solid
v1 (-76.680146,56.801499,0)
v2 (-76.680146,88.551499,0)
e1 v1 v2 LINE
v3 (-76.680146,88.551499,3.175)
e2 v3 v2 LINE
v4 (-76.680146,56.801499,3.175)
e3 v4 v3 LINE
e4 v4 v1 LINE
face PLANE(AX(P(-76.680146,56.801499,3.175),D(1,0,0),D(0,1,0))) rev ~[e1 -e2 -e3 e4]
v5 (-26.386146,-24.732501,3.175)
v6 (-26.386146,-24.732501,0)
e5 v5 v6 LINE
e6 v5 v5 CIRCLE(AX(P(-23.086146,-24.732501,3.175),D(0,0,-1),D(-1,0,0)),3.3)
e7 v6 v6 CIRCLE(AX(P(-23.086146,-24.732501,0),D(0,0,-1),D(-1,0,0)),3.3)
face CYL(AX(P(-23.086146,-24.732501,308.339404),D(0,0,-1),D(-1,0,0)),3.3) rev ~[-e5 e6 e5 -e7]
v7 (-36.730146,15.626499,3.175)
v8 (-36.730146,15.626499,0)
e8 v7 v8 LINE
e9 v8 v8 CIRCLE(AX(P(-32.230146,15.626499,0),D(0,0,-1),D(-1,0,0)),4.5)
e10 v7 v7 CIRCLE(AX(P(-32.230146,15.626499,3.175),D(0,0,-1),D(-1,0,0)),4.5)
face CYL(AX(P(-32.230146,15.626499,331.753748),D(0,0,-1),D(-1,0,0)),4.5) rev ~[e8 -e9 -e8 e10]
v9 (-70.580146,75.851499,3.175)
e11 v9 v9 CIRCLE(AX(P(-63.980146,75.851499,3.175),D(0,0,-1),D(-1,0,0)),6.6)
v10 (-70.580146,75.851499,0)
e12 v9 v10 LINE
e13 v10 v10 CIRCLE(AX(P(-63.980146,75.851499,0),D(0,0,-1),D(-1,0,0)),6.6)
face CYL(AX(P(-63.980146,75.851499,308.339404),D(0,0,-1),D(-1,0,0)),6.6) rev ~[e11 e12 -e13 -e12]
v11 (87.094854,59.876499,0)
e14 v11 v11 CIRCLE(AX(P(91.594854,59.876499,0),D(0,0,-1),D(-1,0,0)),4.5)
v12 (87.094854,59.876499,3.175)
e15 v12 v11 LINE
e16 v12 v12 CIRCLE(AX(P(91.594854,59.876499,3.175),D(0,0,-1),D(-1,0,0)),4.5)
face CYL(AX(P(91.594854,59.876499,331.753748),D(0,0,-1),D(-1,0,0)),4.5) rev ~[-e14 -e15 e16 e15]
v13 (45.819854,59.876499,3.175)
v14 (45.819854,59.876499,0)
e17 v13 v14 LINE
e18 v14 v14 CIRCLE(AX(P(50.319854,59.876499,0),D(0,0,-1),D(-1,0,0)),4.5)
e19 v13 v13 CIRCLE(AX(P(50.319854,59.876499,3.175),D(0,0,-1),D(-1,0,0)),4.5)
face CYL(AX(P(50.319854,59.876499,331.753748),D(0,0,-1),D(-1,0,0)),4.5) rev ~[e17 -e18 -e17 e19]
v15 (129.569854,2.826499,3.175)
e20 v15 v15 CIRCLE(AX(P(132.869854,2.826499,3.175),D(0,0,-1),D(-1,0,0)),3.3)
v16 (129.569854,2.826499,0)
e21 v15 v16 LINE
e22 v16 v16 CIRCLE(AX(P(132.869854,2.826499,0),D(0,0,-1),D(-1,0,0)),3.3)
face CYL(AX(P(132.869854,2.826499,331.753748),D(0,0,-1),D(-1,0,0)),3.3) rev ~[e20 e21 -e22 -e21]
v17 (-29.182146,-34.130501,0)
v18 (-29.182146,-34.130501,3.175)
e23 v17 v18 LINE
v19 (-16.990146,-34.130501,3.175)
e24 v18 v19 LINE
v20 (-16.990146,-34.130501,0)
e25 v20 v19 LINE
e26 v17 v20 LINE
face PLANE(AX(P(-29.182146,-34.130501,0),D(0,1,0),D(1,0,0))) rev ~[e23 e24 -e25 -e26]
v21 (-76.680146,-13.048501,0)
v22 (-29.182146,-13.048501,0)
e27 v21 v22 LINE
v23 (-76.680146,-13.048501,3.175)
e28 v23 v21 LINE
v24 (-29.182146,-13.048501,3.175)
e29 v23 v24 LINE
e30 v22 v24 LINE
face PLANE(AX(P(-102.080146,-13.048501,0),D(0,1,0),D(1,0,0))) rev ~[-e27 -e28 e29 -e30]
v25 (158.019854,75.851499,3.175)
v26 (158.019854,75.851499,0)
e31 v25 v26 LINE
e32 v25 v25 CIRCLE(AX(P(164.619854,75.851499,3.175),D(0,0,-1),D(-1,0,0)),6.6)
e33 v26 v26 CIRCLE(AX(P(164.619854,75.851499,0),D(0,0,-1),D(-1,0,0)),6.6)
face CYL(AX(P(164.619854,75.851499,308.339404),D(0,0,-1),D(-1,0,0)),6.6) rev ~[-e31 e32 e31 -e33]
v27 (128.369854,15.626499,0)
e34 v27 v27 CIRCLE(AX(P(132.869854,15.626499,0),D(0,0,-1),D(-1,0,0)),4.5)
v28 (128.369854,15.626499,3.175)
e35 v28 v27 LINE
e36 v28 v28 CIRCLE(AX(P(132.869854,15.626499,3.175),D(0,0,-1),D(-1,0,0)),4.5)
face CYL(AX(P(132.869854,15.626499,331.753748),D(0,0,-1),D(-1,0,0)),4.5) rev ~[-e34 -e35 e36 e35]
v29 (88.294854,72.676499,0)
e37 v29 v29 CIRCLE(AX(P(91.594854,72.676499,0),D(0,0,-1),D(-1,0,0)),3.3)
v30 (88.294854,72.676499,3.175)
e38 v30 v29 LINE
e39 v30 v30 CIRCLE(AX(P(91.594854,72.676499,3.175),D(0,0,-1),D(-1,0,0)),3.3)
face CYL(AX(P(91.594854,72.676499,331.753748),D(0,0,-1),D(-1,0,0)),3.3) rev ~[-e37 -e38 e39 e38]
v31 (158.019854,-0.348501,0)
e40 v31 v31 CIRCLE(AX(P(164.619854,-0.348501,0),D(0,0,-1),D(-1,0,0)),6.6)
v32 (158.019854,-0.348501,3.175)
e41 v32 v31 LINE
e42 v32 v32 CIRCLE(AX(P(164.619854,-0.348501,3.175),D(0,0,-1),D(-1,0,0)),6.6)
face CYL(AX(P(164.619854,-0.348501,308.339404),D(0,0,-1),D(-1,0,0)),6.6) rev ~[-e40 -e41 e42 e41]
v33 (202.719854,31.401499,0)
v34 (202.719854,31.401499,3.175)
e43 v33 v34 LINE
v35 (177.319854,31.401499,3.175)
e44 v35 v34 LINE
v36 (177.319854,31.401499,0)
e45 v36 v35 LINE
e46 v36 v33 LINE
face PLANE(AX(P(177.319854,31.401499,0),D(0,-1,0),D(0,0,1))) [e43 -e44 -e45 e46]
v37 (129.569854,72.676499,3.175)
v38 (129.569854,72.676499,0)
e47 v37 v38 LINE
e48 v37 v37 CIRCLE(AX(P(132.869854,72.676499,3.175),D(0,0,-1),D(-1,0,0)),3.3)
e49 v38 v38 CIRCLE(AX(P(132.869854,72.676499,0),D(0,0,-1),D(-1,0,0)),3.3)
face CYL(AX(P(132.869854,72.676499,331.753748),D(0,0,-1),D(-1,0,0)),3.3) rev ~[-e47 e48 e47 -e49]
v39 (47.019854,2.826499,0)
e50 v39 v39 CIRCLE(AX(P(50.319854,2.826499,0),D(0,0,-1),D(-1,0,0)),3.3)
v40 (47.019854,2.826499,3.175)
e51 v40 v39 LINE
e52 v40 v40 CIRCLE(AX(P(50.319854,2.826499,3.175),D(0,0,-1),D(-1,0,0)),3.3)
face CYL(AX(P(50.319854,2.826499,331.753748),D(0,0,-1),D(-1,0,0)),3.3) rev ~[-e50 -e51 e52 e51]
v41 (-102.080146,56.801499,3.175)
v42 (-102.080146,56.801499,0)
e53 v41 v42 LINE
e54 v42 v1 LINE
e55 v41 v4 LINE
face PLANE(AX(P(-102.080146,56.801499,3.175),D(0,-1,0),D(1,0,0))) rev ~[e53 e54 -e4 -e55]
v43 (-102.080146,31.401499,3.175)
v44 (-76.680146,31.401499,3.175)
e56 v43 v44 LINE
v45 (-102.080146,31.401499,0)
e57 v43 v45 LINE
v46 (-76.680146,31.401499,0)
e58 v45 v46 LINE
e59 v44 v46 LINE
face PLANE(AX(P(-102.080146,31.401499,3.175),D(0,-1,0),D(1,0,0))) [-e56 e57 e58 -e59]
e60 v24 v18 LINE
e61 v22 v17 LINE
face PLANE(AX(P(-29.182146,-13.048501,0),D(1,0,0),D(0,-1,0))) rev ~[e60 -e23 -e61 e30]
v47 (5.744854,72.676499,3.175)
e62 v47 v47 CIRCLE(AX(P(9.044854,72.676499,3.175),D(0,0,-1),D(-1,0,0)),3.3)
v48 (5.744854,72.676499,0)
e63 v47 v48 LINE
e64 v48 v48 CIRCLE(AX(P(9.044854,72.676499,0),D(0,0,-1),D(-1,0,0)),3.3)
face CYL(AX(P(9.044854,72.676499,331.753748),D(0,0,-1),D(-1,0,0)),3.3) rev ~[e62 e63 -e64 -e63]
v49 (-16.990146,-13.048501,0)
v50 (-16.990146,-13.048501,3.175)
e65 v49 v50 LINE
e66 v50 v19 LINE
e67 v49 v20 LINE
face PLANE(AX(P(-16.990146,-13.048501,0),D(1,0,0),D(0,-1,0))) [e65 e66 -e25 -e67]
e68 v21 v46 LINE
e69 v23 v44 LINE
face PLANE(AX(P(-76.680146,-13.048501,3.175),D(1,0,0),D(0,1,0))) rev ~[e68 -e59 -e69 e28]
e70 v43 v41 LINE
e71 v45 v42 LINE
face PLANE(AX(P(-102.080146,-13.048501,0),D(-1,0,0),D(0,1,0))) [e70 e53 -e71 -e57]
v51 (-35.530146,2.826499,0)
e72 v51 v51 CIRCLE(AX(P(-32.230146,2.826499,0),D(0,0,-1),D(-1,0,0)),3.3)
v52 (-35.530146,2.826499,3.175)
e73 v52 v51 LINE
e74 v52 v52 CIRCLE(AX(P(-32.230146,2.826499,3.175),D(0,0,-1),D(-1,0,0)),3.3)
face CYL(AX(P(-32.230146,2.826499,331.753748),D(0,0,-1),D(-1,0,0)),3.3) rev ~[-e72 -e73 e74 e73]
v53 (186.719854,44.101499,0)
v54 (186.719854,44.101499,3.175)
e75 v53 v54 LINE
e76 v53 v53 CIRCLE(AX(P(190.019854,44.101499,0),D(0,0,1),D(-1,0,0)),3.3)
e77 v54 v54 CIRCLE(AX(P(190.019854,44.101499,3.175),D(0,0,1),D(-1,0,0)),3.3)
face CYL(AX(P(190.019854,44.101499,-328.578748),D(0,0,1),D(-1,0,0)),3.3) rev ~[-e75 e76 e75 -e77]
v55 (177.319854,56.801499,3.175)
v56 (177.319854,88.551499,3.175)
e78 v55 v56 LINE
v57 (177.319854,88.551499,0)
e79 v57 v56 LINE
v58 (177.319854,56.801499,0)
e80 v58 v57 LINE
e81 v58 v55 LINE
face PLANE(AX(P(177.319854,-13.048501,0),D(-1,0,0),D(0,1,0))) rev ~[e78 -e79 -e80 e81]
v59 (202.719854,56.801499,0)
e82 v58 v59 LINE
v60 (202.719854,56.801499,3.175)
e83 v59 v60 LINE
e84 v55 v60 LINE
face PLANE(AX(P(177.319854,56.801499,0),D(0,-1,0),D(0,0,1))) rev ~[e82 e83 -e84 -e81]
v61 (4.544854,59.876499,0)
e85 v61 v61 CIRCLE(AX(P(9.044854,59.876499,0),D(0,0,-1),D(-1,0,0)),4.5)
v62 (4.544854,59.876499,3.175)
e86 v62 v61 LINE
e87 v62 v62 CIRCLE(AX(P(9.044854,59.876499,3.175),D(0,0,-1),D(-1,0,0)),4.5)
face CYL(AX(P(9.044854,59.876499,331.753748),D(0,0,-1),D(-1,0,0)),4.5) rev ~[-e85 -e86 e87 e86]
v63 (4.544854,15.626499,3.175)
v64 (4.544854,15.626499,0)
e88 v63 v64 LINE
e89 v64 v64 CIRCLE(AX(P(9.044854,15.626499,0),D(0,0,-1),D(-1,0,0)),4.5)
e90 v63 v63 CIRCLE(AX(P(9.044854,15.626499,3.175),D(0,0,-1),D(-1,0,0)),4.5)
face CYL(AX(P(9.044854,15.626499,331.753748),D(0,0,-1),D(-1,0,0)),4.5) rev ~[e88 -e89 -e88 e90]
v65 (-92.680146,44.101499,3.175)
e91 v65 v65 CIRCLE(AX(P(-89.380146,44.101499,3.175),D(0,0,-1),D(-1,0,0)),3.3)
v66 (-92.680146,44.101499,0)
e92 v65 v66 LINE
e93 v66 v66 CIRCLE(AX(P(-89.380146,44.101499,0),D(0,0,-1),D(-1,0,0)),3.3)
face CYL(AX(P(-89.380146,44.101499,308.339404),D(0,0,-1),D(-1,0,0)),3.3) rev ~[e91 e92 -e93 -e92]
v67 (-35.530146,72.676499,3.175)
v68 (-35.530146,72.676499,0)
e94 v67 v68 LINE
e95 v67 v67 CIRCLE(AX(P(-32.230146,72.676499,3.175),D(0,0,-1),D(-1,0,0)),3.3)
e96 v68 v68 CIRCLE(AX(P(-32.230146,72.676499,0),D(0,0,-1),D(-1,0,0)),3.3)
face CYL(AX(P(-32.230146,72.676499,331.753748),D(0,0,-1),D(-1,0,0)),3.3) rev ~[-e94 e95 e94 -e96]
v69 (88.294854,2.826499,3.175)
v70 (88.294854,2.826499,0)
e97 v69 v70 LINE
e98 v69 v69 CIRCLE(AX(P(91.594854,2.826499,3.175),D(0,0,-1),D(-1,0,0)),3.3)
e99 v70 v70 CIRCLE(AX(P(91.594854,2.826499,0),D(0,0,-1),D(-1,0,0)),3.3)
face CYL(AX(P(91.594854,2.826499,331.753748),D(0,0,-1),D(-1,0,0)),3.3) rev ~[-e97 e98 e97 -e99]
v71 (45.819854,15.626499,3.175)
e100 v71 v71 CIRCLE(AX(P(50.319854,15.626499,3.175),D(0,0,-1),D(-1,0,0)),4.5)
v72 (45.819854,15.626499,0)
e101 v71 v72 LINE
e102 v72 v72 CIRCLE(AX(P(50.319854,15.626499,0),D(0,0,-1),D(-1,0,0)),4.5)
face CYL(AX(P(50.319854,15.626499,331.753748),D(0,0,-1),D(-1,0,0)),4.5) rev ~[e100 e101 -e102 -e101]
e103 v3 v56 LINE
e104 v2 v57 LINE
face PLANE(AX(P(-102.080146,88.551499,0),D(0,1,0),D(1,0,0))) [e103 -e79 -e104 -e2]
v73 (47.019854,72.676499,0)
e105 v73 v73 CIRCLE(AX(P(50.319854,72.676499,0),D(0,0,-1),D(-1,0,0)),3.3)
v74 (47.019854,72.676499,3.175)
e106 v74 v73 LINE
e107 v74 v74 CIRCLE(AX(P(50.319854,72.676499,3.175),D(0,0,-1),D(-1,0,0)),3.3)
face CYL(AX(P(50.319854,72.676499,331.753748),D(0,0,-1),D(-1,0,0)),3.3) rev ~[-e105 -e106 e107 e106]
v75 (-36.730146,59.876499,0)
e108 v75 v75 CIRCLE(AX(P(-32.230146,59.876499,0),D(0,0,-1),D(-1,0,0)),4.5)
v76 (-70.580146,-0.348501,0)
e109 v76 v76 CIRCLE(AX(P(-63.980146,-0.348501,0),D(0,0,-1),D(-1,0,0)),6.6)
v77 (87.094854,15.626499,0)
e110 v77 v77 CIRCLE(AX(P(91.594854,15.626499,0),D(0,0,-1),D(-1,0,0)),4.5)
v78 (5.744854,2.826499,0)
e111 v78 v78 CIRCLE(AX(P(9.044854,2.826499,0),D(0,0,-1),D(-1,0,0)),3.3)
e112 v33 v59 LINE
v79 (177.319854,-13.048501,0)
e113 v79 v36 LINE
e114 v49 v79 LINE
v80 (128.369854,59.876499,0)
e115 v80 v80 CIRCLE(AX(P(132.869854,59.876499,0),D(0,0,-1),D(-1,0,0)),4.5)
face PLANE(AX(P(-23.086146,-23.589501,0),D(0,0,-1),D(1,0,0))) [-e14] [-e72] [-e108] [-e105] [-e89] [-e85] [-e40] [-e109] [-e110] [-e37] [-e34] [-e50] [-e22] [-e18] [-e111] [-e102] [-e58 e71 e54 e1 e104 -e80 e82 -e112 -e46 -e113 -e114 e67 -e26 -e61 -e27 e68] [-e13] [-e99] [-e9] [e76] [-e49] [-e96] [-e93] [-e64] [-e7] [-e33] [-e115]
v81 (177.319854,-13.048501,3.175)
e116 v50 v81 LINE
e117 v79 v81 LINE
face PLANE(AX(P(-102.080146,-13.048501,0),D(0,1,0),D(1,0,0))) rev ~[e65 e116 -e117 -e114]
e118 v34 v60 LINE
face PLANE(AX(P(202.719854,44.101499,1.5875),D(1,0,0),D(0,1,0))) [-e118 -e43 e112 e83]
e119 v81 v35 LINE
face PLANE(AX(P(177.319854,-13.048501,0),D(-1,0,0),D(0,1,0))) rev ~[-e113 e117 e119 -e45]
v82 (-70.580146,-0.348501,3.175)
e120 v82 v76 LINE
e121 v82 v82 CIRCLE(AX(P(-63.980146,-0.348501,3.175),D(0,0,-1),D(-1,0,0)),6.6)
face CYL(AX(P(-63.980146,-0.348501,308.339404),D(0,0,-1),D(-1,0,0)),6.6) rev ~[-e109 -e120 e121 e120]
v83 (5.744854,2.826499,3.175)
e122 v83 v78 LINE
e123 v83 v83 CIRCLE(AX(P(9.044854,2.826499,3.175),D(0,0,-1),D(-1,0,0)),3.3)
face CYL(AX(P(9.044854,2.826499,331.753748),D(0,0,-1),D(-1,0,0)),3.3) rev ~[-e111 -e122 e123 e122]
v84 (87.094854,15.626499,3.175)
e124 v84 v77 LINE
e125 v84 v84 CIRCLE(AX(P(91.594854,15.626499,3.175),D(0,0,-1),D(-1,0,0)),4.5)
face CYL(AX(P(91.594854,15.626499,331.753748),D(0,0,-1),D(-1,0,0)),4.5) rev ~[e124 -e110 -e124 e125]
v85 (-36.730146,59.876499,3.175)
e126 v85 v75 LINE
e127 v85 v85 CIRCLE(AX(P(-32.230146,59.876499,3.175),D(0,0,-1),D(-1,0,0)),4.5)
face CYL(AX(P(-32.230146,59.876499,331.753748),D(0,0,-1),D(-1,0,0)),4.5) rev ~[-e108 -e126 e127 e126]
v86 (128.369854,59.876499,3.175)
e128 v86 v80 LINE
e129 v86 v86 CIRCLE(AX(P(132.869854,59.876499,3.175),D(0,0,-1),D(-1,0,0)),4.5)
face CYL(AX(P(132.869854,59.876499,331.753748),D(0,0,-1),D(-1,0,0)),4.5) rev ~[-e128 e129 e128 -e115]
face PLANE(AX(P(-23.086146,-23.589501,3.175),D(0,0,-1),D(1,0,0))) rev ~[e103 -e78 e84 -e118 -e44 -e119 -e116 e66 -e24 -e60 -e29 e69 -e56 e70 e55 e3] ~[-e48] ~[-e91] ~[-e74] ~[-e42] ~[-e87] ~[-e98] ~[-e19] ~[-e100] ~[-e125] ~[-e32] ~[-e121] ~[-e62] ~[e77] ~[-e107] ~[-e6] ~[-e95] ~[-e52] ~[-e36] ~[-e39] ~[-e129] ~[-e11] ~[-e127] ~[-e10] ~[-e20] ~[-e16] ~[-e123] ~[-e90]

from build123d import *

# Parameters (mm, degrees)
F0_W      = 279.4
F0_H      = 101.6
F1_DEPTH  = 3.175
F2_W      = 25.4
F2_H      = 44.45
F2_H_2    = 31.75
F3_DEPTH  = 3.176
F4_W      = 12.192
F4_H      = 21.082
F5_DEPTH  = 3.175
F7_D      = 6.6
F9_D      = 13.2
F11_D     = 13.2
F13_D     = 6.6
F14_W     = 25.4
F14_H     = 3.175
F15_DEPTH = 25.4
F17_D     = 6.6
F19_D     = 9
F20_D     = 6.6


with BuildPart() as f1:
    # F0 (on Top) → F1 (new body)
    with BuildSketch(Plane.XY):
        with Locations((37.6198536942, 37.7514991719)):
            Rectangle(F0_W, F0_H)
    extrude(amount=F1_DEPTH)

    # F2 (on face) → F3 (cut, through all)
    with BuildSketch(Plane.XY.offset(3.175)):
        with Locations((-89.3801463058, 9.1764991719)):
            Rectangle(F2_W, F2_H)
        with Locations((-89.3801463058, 72.6764991719)):
            Rectangle(F2_W, F2_H_2)
    extrude(amount=-F3_DEPTH, mode=Mode.SUBTRACT)

    # F4 (on face) → F5 (join)
    with BuildSketch(Plane(origin=(0, 0, 0), x_dir=(1, 0, 0), z_dir=(0, 0, -1))):
        with Locations((-23.0861463058, 23.5895008281)):
            Rectangle(F4_W, F4_H)
        Polygon((-16.9901463058, 13.0485008281), (-29.1821463058, 13.0485008281), (-76.6801463058, 13.0485008281), (-76.6801463058, -31.4014991719), (-102.0801463058, -31.4014991719), (-102.0801463058, -56.8014991719), (-76.6801463058, -56.8014991719), (-76.6801463058, -88.5514991719), (177.3198536942, -88.5514991719), (177.3198536942, 13.0485008281), align=None)
    extrude(amount=-F5_DEPTH)

    # F7 (through all)
    with Locations(Plane.XY.offset(3.175)):
        with Locations((-89.3801463058, 44.1014991719)):
            Hole(F7_D / 2)

    # F9 (through all)
    with Locations(Plane.XY.offset(3.175)):
        with Locations((-63.9801463058, 75.8514991719)):
            Hole(F9_D / 2)

    # F11 (through all)
    with Locations(Plane.XY.offset(3.175)):
        with Locations((-63.9801463058, -0.3485008281), (164.6198536942, -0.3485008281), (164.6198536942, 75.8514991719)):
            Hole(F11_D / 2)

    # F13 (through all)
    with Locations(Plane.XY.offset(3.175)):
        with Locations((-23.0861463058, -24.7325008281)):
            Hole(F13_D / 2)

    # F14 (on face) → F15 (join)
    with BuildSketch(Plane.YZ.offset(177.3198536942)):
        with Locations((44.1014991719, 1.5875)):
            Rectangle(F14_W, F14_H)
    extrude(amount=F15_DEPTH)

    # F17 (through all)
    with Locations(Plane(origin=(0, 0, 0), x_dir=(1, 0, 0), z_dir=(0, 0, -1))):
        with Locations((190.0198536942, -44.1014991719)):
            Hole(F17_D / 2)

    # F19 (through all)
    with Locations(Plane.XY.offset(3.175)):
        with Locations((-32.2301463058, 59.8764993719), (9.0448536942, 59.8764993719), (50.3198536942, 59.8764993719), (91.5948536942, 59.8764993719), (132.8698536942, 59.8764993719), (132.8698536942, 15.6264989719), (91.5948536942, 15.6264989719), (50.3198536942, 15.6264989719), (9.0448536942, 15.6264989719), (-32.2301463058, 15.6264989719)):
            Hole(F19_D / 2)

    # F20 (through all)
    with Locations(Plane.XY.offset(3.175)):
        with Locations((-32.2301463058, 72.6764991719), (-32.2301463058, 2.8264991719), (9.0448536942, 2.8264991719), (9.0448536942, 72.6764991719), (50.3198536942, 72.6764991719), (50.3198536942, 2.8264991719), (91.5948536942, 2.8264991719), (91.5948536942, 72.6764991719), (132.8698536942, 72.6764991719), (132.8698536942, 2.8264991719)):
            Hole(F20_D / 2)


solid = f1.part
